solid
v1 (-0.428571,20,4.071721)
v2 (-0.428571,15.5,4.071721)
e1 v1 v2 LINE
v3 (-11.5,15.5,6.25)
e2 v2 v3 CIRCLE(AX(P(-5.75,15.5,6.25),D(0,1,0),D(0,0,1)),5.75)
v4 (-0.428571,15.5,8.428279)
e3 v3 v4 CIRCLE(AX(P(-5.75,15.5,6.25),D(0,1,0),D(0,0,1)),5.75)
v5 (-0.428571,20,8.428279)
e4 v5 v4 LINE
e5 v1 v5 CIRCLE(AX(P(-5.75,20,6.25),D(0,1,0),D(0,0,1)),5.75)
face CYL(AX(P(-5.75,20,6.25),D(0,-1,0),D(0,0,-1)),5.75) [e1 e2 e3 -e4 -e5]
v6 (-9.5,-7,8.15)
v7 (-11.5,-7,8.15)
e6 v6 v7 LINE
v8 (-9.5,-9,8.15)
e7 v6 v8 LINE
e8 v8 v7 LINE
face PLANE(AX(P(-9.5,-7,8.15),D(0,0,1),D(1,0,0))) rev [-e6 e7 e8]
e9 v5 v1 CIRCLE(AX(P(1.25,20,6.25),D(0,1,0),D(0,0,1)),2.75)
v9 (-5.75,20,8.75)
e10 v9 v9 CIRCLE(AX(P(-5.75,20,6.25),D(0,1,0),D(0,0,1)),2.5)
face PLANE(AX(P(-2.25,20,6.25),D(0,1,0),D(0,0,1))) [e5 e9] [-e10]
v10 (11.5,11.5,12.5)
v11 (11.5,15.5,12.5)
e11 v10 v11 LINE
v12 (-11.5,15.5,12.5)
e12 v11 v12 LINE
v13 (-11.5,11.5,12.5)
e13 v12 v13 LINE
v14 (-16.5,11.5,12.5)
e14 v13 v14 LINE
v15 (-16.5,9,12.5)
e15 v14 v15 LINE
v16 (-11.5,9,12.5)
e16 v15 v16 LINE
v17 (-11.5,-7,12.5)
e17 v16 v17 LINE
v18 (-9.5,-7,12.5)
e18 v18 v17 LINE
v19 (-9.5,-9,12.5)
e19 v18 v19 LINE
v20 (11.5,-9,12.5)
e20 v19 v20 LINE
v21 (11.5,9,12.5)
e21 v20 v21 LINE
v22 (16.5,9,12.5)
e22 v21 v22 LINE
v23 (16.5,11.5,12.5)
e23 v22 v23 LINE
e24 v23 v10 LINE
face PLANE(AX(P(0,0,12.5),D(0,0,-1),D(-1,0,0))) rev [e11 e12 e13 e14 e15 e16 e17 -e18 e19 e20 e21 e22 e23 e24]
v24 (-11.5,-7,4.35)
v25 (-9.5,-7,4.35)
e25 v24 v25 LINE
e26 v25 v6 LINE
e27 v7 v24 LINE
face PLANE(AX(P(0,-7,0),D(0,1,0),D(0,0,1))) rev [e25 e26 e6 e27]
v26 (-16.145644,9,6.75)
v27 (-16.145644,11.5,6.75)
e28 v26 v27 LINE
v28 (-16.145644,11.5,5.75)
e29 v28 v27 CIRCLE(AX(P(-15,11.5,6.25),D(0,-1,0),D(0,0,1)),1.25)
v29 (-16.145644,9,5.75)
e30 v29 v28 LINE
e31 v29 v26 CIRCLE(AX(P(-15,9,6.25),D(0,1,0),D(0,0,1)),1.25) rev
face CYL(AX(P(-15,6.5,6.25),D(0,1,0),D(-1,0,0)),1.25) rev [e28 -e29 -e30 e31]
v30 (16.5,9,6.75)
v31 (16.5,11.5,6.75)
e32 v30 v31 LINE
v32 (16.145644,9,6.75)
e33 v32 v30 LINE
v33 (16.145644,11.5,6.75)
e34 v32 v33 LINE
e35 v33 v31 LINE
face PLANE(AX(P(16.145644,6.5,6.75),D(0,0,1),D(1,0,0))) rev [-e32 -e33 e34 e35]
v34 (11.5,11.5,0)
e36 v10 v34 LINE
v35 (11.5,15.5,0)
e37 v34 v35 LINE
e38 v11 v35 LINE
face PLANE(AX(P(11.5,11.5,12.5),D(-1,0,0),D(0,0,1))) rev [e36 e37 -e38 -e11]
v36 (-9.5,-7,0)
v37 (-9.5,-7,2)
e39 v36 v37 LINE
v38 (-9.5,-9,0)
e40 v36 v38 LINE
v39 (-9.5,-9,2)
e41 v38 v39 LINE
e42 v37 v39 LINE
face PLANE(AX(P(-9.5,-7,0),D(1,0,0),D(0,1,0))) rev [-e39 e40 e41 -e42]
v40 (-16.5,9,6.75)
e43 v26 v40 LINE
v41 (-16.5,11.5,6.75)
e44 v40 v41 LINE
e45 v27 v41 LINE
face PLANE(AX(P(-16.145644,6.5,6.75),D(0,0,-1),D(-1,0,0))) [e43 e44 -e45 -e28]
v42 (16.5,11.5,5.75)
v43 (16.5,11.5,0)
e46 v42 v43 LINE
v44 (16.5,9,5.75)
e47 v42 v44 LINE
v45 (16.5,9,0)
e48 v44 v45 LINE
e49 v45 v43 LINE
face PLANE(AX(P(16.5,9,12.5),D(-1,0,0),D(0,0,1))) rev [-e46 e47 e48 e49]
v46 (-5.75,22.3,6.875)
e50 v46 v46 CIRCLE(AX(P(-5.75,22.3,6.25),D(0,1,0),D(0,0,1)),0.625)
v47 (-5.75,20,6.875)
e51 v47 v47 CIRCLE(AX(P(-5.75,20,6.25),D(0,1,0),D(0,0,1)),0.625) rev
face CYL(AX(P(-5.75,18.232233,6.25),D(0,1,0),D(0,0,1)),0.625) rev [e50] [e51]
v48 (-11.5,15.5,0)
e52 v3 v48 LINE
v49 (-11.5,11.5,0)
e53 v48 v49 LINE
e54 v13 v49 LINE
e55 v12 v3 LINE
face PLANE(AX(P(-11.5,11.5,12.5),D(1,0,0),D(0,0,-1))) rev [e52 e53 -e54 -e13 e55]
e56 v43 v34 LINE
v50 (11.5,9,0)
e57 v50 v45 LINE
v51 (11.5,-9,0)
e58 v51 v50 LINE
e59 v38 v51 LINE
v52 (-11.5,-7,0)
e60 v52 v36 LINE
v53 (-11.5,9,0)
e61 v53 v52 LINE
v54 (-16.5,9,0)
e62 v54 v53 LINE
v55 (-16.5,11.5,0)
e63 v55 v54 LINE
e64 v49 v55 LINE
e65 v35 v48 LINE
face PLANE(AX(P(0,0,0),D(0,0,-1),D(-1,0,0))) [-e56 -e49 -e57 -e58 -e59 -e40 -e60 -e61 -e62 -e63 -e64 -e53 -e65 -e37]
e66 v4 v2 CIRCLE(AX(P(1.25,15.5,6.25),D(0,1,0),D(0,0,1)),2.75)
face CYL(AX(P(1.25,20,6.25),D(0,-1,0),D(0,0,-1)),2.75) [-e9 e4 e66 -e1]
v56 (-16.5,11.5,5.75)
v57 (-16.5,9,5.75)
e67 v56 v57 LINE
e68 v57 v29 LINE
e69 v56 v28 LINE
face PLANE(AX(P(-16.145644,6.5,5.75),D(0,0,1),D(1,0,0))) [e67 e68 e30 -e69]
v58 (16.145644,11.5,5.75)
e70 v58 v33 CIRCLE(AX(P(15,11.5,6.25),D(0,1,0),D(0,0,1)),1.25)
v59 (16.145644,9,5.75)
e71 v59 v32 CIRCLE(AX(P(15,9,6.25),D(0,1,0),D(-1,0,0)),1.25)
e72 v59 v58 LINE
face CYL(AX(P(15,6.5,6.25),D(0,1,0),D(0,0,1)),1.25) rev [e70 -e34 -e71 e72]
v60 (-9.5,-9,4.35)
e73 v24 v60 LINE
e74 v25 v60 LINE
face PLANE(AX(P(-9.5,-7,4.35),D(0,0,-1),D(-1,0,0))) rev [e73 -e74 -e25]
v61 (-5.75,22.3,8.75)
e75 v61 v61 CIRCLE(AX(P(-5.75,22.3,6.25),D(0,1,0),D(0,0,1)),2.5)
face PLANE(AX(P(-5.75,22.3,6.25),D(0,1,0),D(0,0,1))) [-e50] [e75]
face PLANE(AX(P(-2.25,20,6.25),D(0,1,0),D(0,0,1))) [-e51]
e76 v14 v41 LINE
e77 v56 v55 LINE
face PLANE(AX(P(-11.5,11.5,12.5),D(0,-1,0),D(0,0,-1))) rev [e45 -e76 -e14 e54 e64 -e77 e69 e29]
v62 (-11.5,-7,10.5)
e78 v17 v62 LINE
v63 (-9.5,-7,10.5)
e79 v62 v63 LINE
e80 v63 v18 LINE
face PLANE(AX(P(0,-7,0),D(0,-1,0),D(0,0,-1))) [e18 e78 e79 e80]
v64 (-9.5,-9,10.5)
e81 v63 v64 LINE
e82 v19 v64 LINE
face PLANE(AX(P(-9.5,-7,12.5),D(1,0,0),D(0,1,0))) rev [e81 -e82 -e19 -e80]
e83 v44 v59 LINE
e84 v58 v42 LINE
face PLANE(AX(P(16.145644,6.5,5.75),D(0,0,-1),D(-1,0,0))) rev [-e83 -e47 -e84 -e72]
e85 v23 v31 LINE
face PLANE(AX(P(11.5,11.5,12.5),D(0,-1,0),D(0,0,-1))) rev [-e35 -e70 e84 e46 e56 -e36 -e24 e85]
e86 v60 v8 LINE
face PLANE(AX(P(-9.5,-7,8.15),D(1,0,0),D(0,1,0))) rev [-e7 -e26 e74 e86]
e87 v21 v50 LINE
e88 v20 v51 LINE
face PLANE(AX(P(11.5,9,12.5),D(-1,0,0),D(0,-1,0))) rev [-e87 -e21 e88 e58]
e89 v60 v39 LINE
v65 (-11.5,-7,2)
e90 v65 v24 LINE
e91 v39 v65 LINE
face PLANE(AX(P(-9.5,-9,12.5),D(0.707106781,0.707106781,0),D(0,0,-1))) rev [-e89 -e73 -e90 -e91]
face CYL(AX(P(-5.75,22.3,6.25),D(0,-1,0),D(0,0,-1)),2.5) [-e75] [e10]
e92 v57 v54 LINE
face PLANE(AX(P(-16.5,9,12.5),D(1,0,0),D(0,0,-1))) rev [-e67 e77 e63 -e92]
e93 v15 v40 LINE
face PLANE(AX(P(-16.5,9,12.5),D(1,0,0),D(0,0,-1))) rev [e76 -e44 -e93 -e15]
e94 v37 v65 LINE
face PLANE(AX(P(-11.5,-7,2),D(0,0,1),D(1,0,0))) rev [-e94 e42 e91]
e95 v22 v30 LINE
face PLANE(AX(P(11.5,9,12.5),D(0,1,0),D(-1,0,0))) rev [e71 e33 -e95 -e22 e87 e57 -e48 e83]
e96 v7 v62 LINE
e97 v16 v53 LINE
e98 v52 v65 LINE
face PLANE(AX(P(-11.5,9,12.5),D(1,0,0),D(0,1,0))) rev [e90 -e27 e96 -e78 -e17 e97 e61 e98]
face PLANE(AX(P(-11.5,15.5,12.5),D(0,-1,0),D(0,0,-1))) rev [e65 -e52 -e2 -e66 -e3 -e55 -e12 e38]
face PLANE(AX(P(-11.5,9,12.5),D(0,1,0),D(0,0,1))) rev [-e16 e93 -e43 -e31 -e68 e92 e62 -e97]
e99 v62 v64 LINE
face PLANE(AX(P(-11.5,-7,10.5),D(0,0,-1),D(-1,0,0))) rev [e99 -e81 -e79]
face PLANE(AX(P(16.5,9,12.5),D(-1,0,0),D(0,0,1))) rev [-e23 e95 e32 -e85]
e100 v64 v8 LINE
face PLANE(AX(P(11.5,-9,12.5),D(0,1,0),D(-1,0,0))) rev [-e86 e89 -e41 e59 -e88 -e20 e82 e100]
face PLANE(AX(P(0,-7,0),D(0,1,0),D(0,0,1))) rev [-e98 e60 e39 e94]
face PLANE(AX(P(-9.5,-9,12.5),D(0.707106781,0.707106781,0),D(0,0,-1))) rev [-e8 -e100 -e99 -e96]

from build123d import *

# Parameters (mm, degrees)
BOSS_EXTRUDE1_DEPTH = 12.5
BOSS_EXTRUDE2_DEPTH = 4.5
CHAMFER1_SIZE       = 2
SKETCH3_W           = 2
SKETCH3_H           = 2
SKETCH3_H_2         = 3.8
CUT_EXTRUDE1_DEPTH  = 2
CUT_EXTRUDE2_DEPTH  = 5
SKETCH5_R           = 2.5
BOSS_EXTRUDE3_DEPTH = 2.3
SKETCH6_R           = 0.625
CUT_EXTRUDE3_DEPTH  = 2.3


with BuildPart() as part:
    # Sketch1 → Boss-Extrude1 (new body)
    with BuildSketch(Plane.XY):
        Polygon((11.5, 9), (11.5, -9), (-11.5, -9), (-11.5, 9), (-16.5, 9), (-16.5, 11.5), (-11.5, 11.5), (-11.5, 15.5), (11.5, 15.5), (11.5, 11.5), (16.5, 11.5), (16.5, 9), align=None)
    extrude(amount=BOSS_EXTRUDE1_DEPTH)

    # Sketch2 → Boss-Extrude2 (add)
    with BuildSketch(Plane(origin=(0, 15.5, 0), x_dir=(1, 0, 0), z_dir=(0, 1, 0))):
        with BuildLine():
            ThreePointArc((-0.428571429, -4.071721331), (-11.5, -6.25), (-0.428571429, -8.428278669))
            ThreePointArc((-0.428571429, -8.428278669), (4, -6.25), (-0.428571429, -4.071721331))
        make_face()
    extrude(amount=BOSS_EXTRUDE2_DEPTH)

    # Chamfer1
    chamfer1_edges = [part.edges().sort_by_distance(p)[0] for p in [
        (-11.5, -9, 6.25),
    ]]
    chamfer(chamfer1_edges, length=CHAMFER1_SIZE)

    # Sketch3 → Cut-Extrude1 (cut)
    with BuildSketch(Plane.XZ.offset(9)):
        with Locations((-10.5, 1)):
            Rectangle(SKETCH3_W, SKETCH3_H)
        with Locations((-10.5, 11.5)):
            Rectangle(SKETCH3_W, SKETCH3_H)
        with Locations((-10.5, 6.25)):
            Rectangle(SKETCH3_W, SKETCH3_H_2)
    extrude(amount=-CUT_EXTRUDE1_DEPTH, mode=Mode.SUBTRACT)

    # Sketch4 → Cut-Extrude2 (cut)
    with BuildSketch(Plane(origin=(0, 11.5, 0), x_dir=(1, 0, 0), z_dir=(0, 1, 0))):
        with BuildLine():
            Line((16.145643924, -6.75), (17.156032055, -6.75))
            Line((17.156032055, -6.75), (17.156032055, -5.75))
            Line((17.156032055, -5.75), (16.145643924, -5.75))
            ThreePointArc((16.145643924, -5.75), (13.75, -6.25), (16.145643924, -6.75))
        make_face()
    cut_extrude2 = extrude(amount=-CUT_EXTRUDE2_DEPTH, mode=Mode.SUBTRACT)

    # Mirror1: Cut-Extrude2 across plane
    add(cut_extrude2.mirror(Plane.ZY), mode=Mode.SUBTRACT)

    # Sketch5 → Boss-Extrude3 (add)
    with BuildSketch(Plane(origin=(0, 20, 0), x_dir=(1, 0, 0), z_dir=(0, 1, 0))):
        with Locations((-5.75, -6.25)):
            Circle(SKETCH5_R)
    extrude(amount=BOSS_EXTRUDE3_DEPTH)

    # Sketch6 → Cut-Extrude3 (cut)
    with BuildSketch(Plane(origin=(0, 22.3, 0), x_dir=(1, 0, 0), z_dir=(0, 1, 0))):
        with Locations((-5.75, -6.25)):
            Circle(SKETCH6_R)
    extrude(amount=-CUT_EXTRUDE3_DEPTH, mode=Mode.SUBTRACT)


solid = part.part
